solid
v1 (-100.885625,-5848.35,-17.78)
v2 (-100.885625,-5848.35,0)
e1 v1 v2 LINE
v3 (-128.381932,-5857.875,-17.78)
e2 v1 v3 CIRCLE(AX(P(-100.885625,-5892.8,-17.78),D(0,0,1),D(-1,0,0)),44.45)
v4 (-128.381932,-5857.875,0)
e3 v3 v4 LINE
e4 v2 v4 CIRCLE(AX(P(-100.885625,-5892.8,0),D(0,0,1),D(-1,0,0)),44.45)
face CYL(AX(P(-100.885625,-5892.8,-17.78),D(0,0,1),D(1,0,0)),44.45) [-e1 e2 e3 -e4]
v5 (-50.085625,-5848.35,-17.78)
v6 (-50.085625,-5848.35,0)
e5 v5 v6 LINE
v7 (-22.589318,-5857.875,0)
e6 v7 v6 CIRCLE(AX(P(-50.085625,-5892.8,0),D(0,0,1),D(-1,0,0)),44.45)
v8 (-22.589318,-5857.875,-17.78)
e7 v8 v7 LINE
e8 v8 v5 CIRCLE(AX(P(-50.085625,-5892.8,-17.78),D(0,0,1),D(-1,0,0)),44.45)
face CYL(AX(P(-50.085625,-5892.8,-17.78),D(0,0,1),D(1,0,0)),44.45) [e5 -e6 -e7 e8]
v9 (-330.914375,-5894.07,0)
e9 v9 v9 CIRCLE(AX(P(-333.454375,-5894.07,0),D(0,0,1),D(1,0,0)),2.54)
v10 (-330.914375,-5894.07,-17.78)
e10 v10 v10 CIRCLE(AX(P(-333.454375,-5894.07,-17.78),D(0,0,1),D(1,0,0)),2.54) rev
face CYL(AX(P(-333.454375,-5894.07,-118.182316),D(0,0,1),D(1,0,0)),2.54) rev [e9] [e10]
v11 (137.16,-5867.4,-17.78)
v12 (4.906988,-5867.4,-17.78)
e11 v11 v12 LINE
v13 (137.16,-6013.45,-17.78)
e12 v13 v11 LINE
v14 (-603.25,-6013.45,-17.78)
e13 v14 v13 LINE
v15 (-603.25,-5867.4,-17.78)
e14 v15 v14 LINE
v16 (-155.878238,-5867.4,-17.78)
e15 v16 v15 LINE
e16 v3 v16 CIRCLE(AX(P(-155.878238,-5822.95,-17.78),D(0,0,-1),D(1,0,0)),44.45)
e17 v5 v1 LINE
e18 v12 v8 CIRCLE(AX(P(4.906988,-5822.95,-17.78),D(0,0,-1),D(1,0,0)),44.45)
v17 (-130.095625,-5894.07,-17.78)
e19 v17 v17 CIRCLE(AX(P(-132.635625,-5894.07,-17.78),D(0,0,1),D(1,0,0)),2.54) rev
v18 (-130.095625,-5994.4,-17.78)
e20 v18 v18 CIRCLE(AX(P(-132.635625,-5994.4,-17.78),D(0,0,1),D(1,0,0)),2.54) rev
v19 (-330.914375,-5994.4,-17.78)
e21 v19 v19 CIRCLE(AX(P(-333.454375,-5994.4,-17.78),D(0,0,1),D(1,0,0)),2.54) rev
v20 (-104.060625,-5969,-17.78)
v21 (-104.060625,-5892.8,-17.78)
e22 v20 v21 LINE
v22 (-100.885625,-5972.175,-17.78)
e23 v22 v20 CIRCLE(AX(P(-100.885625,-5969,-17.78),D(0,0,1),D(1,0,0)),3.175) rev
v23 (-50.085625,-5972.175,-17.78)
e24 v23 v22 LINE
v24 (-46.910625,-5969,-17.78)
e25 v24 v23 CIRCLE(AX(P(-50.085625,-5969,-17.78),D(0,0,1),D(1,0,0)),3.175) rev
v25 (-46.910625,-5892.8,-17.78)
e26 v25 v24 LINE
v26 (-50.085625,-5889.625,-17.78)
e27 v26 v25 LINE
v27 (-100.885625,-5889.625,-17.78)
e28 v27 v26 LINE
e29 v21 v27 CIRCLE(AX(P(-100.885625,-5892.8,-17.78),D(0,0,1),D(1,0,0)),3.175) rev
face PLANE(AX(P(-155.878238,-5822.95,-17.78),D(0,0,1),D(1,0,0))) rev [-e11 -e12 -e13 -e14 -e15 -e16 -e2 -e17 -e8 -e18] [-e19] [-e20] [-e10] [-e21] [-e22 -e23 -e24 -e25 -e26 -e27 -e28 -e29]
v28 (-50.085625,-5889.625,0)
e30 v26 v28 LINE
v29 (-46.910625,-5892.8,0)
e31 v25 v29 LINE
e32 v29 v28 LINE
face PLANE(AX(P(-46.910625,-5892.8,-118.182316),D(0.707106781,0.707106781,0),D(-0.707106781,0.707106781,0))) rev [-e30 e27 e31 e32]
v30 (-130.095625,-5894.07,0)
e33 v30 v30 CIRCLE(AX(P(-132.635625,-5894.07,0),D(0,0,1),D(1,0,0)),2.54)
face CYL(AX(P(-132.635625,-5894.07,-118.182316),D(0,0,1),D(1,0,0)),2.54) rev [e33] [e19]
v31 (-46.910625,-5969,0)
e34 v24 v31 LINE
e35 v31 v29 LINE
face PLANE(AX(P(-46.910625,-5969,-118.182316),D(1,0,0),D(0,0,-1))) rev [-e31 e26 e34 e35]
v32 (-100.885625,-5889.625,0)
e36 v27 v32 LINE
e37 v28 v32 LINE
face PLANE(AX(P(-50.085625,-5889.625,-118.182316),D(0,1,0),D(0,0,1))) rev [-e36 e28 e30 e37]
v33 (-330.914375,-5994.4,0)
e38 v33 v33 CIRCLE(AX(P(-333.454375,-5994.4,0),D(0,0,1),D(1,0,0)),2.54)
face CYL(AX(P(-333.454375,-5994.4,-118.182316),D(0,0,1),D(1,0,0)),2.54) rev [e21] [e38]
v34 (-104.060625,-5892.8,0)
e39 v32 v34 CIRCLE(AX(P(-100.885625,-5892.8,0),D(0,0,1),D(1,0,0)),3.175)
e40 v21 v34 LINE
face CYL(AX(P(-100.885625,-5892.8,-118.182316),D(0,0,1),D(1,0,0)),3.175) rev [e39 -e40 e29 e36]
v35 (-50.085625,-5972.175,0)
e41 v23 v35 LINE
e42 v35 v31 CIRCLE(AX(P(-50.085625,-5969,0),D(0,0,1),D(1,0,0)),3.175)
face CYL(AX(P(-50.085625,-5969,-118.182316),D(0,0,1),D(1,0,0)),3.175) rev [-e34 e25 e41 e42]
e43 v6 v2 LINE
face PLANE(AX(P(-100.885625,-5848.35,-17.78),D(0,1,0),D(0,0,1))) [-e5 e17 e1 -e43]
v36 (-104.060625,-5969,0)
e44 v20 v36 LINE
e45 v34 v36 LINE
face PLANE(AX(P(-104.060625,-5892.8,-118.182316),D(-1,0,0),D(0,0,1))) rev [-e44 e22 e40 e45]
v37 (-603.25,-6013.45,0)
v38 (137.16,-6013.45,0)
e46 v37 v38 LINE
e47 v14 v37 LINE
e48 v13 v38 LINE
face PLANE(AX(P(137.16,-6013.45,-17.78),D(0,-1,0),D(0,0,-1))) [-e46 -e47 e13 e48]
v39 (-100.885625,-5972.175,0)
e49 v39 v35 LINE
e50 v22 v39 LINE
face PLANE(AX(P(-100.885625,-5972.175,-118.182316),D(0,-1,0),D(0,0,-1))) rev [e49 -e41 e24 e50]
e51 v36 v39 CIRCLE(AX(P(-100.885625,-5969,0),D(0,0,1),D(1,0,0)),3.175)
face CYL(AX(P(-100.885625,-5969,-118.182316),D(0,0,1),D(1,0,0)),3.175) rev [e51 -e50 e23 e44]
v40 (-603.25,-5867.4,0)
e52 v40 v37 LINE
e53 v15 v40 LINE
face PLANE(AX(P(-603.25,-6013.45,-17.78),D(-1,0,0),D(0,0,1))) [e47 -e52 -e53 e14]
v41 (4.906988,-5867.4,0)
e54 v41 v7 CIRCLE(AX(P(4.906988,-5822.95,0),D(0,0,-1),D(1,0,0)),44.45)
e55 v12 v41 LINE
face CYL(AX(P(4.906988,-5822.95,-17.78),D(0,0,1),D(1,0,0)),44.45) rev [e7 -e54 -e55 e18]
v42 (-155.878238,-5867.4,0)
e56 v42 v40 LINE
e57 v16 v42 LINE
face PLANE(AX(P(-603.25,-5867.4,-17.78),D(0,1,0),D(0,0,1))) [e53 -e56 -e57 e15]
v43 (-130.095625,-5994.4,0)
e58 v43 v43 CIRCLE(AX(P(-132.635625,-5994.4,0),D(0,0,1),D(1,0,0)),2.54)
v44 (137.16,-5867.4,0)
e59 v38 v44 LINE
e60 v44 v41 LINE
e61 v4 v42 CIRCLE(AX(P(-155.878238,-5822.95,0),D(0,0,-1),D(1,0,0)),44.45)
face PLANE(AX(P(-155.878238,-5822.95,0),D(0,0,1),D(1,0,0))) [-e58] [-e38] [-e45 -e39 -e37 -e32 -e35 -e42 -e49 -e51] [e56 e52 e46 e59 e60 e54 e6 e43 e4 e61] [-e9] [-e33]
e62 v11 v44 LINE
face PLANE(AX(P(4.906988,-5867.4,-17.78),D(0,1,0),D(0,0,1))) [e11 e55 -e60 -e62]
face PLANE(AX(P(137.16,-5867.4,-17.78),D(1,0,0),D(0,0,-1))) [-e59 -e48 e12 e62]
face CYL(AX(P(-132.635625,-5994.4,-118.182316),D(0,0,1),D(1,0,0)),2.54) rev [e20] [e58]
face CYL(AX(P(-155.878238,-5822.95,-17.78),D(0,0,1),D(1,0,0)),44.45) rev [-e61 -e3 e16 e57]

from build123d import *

# Parameters (mm, degrees)
HEADDISPLAYBRACKET_THICKNESS_DEPTH = 17.78
SKETCH3_R                          = 2.54
CUT_EXTRUDE1_DEPTH                 = 17.78


with BuildPart() as part:
    # HeadDisplayBraceOutline → HeadDisplayBracket_Thickness (new body)
    with BuildSketch(Plane.XY):
        with BuildLine():
            Line((137.16, -6013.450000001), (-603.25, -6013.450000001))
            Line((-603.25, -6013.450000001), (-603.25, -5867.400000001))
            Line((-603.25, -5867.400000001), (-155.878238141, -5867.400000001))
            ThreePointArc((-155.878238141, -5867.400000001), (-141.328560309, -5864.951302064), (-128.38193157, -5857.875))
            ThreePointArc((-128.38193157, -5857.875), (-115.435302831, -5850.798697937), (-100.885625, -5848.35))
            Line((-100.885625, -5848.35), (-50.085625, -5848.35))
            ThreePointArc((-50.085625, -5848.35), (-35.535947169, -5850.798697937), (-22.58931843, -5857.875))
            ThreePointArc((-22.58931843, -5857.875), (-9.642689691, -5864.951302063), (4.906988141, -5867.400000001))
            Line((4.906988141, -5867.400000001), (137.16, -5867.400000001))
            Line((137.16, -5867.400000001), (137.16, -6013.450000001))
        make_face()
    extrude(amount=-HEADDISPLAYBRACKET_THICKNESS_DEPTH)

    # Sketch3 → Cut-Extrude1 (cut)
    with BuildSketch(Plane.XY):
        with Locations((-333.454375, -5994.4)):
            Circle(SKETCH3_R)
        with Locations((-132.635625, -5994.4)):
            Circle(SKETCH3_R)
        with Locations((-132.635625, -5894.07)):
            Circle(SKETCH3_R)
        with Locations((-333.454375, -5894.07)):
            Circle(SKETCH3_R)
        with BuildLine():
            Line((-104.060625, -5892.8), (-104.060625, -5969))
            ThreePointArc((-104.060625, -5969), (-103.13068903, -5971.24506403), (-100.885625, -5972.175))
            Line((-100.885625, -5972.175), (-50.085625, -5972.175))
            ThreePointArc((-50.085625, -5972.175), (-47.84056097, -5971.24506403), (-46.910625, -5969))
            Line((-46.910625, -5969), (-46.910625, -5892.8))
            Line((-46.910625, -5892.8), (-50.085625, -5889.625))
            Line((-50.085625, -5889.625), (-100.885625, -5889.625))
            ThreePointArc((-100.885625, -5889.625), (-103.13068903, -5890.55493597), (-104.060625, -5892.8))
        make_face()
    extrude(amount=-CUT_EXTRUDE1_DEPTH, mode=Mode.SUBTRACT)


solid = part.part
